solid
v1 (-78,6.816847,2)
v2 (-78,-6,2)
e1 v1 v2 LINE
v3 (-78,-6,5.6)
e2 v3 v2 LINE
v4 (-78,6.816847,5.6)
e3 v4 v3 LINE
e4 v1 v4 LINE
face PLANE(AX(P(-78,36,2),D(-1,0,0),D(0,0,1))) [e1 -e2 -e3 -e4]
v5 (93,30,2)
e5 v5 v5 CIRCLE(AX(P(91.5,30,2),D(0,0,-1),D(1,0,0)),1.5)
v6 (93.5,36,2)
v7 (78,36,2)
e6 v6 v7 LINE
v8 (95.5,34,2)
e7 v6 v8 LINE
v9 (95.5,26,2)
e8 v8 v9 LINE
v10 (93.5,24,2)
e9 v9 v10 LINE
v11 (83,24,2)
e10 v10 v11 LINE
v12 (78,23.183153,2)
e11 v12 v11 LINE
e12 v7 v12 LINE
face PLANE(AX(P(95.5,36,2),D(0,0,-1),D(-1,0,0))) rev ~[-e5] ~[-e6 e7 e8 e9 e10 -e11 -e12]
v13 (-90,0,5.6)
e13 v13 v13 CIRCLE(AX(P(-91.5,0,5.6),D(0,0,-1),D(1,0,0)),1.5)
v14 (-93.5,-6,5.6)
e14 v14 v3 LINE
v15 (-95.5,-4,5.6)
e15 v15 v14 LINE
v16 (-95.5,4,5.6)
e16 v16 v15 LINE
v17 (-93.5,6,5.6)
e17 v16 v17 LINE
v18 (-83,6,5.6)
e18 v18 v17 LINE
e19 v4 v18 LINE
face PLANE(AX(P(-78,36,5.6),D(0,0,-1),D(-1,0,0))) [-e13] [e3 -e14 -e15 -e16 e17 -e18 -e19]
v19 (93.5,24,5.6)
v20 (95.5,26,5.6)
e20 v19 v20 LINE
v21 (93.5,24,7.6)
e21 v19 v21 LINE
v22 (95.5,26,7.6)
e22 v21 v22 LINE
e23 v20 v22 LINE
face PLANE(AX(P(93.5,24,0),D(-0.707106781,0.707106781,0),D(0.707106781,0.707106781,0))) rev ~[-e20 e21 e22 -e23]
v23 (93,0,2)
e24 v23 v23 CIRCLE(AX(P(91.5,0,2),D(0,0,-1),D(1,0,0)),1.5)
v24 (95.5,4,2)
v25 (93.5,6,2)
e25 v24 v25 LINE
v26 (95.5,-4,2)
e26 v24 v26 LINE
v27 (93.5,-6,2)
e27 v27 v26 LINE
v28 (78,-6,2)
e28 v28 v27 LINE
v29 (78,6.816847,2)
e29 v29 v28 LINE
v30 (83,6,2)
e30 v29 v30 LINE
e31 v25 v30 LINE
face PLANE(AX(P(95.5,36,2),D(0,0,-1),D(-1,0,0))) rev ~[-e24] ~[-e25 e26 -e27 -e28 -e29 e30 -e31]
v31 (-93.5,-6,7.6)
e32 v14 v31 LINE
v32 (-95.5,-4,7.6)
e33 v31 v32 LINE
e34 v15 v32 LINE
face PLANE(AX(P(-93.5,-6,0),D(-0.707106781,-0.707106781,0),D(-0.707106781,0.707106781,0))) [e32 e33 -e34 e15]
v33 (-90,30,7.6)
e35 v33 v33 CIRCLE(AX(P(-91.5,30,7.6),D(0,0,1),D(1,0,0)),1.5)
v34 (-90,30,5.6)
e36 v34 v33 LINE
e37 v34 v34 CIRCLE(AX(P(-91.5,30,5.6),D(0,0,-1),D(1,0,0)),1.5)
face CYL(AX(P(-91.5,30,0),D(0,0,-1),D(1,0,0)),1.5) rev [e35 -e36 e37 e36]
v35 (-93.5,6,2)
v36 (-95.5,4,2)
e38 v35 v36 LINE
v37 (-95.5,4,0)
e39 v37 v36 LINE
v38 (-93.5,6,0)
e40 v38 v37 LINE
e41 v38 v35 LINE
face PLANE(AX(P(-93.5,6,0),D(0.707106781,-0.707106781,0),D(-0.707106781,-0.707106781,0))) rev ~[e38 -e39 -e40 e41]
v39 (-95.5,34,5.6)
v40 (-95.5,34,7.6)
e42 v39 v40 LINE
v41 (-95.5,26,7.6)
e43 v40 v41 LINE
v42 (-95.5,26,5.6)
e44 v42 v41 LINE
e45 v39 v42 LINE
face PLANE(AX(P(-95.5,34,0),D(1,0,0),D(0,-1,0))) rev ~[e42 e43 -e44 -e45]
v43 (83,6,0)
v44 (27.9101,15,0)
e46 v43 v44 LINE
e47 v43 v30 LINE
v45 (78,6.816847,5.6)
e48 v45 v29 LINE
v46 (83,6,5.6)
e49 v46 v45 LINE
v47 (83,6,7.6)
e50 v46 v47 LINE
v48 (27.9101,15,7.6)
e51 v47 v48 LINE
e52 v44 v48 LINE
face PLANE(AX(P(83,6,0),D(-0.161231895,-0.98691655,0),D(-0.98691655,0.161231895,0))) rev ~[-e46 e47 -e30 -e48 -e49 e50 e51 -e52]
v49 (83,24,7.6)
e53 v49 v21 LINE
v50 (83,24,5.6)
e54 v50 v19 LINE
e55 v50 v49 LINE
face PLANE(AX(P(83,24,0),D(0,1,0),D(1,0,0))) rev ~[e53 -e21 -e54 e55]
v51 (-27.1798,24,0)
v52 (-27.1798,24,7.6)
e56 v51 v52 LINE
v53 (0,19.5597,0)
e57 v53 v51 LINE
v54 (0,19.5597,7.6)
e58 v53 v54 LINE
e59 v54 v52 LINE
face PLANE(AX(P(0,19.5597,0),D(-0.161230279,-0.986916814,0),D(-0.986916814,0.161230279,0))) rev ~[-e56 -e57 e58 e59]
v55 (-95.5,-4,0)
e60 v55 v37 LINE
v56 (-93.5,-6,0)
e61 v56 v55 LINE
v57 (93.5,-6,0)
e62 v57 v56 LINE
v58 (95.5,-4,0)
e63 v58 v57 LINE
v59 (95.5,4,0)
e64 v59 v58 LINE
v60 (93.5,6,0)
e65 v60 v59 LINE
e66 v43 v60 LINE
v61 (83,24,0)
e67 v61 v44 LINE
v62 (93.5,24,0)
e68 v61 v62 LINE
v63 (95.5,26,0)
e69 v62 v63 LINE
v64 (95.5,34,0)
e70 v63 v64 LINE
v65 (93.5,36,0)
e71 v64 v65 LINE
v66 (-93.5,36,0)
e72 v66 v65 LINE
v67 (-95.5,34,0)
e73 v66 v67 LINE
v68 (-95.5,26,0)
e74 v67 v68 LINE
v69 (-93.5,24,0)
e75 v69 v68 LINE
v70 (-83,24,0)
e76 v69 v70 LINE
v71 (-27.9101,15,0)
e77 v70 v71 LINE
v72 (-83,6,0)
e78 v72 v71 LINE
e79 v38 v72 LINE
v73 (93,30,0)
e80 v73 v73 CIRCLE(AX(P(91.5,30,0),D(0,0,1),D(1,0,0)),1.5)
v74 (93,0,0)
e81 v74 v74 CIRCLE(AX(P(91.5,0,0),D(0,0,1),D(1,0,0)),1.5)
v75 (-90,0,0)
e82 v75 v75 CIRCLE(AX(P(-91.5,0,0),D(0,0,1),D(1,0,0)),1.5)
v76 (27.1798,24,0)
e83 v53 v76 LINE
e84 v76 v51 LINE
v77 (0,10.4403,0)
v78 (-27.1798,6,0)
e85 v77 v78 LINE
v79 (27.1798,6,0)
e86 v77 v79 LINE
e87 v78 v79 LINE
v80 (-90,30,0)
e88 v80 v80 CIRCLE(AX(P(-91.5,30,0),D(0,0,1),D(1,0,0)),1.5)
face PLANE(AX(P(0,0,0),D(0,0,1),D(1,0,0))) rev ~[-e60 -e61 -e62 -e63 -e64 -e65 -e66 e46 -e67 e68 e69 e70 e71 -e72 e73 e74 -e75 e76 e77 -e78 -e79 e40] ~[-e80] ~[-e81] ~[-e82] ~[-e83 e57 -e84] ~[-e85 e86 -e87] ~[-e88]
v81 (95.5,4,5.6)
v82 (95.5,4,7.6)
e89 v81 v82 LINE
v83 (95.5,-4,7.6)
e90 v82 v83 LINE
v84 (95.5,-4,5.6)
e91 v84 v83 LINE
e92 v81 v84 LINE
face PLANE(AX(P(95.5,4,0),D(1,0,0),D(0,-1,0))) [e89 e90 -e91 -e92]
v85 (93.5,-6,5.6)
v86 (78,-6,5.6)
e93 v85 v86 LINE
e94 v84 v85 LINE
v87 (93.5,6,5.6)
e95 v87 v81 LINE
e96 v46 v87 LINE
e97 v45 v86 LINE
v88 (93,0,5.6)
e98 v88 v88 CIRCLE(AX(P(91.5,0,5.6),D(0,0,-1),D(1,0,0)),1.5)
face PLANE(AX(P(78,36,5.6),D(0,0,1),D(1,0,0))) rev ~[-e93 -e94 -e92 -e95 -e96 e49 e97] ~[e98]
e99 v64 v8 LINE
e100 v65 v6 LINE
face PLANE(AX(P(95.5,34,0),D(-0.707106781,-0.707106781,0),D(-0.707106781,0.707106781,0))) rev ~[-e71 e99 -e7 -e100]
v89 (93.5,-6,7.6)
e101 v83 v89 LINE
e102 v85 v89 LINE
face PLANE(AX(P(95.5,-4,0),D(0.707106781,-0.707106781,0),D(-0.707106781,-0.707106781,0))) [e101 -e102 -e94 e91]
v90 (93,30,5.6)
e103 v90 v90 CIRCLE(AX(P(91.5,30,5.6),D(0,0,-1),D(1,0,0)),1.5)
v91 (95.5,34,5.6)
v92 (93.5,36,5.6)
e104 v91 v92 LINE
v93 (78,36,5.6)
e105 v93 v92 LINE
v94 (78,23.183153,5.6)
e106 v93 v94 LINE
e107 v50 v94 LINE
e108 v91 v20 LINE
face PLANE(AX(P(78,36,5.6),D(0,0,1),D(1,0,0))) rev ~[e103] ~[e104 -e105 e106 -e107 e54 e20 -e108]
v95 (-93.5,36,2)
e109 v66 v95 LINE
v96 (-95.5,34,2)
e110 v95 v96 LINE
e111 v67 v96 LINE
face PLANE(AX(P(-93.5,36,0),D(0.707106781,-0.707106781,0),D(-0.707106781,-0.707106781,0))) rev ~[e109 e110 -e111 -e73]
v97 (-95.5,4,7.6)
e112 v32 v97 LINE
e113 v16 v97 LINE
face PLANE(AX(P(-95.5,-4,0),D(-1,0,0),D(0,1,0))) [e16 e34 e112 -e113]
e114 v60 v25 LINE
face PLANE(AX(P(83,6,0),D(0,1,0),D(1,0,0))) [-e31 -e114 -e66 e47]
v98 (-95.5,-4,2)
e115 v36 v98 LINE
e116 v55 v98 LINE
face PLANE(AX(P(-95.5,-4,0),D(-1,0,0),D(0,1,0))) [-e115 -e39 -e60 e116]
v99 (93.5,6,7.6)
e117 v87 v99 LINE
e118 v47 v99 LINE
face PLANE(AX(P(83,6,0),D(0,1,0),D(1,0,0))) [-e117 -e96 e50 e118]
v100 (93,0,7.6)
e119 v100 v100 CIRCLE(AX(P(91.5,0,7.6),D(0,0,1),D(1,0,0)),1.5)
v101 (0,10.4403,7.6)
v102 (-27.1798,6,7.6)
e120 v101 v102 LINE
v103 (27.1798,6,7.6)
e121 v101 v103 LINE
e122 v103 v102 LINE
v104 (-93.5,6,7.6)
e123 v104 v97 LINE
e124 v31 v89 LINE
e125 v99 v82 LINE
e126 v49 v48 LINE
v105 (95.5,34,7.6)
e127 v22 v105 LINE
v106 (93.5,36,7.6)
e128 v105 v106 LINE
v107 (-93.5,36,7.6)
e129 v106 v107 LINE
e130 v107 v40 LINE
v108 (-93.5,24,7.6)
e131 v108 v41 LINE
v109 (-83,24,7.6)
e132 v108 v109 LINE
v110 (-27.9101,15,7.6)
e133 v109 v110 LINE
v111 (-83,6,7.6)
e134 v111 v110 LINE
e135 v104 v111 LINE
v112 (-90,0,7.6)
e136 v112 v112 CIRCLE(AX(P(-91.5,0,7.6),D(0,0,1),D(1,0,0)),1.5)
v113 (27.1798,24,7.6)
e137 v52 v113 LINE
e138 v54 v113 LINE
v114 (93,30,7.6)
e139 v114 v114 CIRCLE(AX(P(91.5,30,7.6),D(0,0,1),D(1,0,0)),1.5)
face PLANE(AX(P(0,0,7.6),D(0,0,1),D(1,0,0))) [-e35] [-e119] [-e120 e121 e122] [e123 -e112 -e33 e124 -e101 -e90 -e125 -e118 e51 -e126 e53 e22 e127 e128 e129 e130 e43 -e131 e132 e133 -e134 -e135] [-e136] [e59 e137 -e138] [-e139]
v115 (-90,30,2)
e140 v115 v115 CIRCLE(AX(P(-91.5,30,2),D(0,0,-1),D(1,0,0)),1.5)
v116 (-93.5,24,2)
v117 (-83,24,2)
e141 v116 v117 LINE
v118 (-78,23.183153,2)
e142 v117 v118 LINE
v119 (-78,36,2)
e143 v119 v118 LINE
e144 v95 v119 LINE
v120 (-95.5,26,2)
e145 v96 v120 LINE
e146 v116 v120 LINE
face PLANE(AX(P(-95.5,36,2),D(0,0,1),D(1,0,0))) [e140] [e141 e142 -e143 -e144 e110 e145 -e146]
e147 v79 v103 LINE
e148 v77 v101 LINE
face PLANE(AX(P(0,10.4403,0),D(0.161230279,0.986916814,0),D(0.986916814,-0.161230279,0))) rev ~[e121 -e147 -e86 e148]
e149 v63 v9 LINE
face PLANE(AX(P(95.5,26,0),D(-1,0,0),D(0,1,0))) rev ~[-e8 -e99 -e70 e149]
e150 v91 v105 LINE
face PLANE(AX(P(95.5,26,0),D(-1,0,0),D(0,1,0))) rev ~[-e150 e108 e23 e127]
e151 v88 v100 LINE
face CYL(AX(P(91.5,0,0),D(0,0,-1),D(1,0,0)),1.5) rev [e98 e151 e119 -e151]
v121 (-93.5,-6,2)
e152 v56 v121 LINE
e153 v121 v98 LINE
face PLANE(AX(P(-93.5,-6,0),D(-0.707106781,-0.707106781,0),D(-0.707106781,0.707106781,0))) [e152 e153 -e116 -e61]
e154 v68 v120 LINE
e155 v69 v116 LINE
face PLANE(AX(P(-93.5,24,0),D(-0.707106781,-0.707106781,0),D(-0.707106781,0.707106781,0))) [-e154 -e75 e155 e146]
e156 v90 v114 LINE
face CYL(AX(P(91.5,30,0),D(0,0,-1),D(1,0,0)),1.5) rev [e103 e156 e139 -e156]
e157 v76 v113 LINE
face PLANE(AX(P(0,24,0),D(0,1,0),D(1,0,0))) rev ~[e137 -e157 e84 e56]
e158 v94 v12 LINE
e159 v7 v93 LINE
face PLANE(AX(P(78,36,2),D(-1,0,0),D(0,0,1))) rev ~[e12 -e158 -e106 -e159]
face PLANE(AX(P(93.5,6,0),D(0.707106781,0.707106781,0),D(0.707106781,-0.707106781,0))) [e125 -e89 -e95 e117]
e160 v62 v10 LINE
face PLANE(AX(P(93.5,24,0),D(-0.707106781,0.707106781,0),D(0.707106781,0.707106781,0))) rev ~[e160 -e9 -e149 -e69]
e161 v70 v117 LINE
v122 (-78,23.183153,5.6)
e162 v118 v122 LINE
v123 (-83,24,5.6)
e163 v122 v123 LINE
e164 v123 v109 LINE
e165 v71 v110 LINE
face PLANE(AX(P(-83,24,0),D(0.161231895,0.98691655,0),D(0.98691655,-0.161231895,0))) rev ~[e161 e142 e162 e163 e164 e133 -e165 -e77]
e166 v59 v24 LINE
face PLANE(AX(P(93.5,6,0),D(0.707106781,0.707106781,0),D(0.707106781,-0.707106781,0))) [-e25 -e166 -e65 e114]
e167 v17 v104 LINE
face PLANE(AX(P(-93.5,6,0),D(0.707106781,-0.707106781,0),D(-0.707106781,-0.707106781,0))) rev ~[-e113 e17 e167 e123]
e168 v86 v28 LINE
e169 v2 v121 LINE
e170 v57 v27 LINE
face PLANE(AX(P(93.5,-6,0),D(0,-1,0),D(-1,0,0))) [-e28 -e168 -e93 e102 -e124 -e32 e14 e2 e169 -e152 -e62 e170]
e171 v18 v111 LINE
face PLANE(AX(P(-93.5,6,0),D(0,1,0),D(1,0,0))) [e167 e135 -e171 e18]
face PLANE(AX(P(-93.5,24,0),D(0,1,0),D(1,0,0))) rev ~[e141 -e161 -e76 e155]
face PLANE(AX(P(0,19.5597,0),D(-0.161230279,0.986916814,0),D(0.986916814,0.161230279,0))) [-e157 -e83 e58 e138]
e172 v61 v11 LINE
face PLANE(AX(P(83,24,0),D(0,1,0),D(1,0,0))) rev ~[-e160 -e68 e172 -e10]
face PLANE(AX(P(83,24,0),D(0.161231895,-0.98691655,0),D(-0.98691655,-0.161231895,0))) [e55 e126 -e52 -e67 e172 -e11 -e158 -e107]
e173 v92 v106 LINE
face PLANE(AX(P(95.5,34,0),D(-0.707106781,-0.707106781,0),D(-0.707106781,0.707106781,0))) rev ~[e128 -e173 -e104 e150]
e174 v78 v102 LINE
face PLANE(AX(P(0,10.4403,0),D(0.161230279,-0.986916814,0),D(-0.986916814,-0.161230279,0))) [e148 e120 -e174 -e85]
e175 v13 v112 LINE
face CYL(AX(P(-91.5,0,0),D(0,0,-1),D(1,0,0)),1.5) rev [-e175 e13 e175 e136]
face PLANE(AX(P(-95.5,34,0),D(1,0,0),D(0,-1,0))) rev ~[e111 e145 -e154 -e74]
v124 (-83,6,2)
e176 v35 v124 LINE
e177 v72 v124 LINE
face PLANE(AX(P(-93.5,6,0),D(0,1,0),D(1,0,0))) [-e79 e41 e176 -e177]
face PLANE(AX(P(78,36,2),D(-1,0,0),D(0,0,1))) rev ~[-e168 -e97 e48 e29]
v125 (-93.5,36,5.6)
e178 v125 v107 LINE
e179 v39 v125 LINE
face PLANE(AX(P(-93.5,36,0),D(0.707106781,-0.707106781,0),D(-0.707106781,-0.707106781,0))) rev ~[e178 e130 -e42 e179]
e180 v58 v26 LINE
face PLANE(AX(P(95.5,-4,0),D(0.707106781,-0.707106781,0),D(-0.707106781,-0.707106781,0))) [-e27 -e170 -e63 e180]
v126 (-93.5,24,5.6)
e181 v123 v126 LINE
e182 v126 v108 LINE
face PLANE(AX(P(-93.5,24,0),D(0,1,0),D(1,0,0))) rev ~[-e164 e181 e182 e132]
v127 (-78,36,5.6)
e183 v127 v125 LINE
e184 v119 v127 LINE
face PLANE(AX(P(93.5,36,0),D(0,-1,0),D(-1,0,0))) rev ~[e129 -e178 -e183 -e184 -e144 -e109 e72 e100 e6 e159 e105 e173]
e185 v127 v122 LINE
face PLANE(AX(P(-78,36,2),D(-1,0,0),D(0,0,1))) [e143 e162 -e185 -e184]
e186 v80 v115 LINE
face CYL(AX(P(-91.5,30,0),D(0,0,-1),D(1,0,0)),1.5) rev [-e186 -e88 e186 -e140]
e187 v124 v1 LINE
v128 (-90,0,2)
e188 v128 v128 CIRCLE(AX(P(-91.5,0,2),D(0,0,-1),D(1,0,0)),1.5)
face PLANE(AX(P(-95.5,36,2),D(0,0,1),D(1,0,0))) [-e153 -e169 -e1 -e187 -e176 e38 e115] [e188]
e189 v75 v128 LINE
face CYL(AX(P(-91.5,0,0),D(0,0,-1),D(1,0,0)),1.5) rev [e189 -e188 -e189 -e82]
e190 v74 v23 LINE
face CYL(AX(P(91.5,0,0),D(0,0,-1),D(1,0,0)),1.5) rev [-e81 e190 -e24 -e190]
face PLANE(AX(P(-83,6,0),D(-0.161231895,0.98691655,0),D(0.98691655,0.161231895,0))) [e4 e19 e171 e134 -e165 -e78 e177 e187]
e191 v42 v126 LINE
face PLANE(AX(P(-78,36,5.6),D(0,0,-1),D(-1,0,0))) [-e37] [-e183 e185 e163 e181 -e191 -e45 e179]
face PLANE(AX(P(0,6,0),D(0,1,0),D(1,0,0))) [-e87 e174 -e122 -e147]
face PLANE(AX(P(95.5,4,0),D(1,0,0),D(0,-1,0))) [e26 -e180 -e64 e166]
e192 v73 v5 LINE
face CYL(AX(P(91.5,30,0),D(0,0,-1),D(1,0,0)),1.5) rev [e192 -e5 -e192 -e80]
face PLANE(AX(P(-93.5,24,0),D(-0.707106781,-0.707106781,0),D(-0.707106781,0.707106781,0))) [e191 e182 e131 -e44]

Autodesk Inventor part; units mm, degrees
ref_plane "YZ Plane" through (0, 0, 0) normal (1, 0, 0) x (0, 1, 0)
ref_plane "XZ Plane" through (0, 0, 0) normal (0, 1, 0) x (-1, 0, 0)
ref_plane "XY Plane" through (0, 0, 0) normal (0, 0, 1) x (1, 0, 0)
sketch "Sketch1" plane through (0, 0, 0) normal (0, 0, 1) x (1, 0, 0)
  circle A0 centre (-91.5, 0) radius 1.5
  circle A1 centre (91.5, 0) radius 1.5
  line L0 (0, -71.4835) -> (0, 99.0835) construction
  line L1 (95.5, 4) -> (95.5, -4)
  line L2 (93.5, -6) -> (-93.5, -6)
  line L3 (-95.5, -4) -> (-95.5, 4)
  line L4 (-207.6267, 0) -> (207.6267, 0) construction
  line L5 (-93.5, 6) -> (-95.5, 4)
  line L6 (-93.5, -6) -> (-95.5, -4)
  line L7 (95.5, -4) -> (93.5, -6)
  line L8 (93.5, 6) -> (95.5, 4)
  line L9 (-148.3048, 15) -> (148.3048, 15) construction
  circle A2 centre (-91.5, 30) radius 1.5
  circle A3 centre (91.5, 30) radius 1.5
  line L10 (0, 101.4835) -> (0, -69.0835)
  line L11 (95.5, 26) -> (95.5, 34)
  line L12 (93.5, 36) -> (-93.5, 36)
  line L13 (-95.5, 34) -> (-95.5, 26)
  line L14 (-93.5, 24) -> (-95.5, 26)
  line L15 (-93.5, 36) -> (-95.5, 34)
  line L16 (95.5, 34) -> (93.5, 36)
  line L17 (93.5, 24) -> (95.5, 26)
  line L18 (87.5822, -3.9178) -> (95.4178, 3.9178) construction
  line L19 (-83, 6) -> (-27.9101, 15)
  line L20 (0, 19.5597) -> (27.1798, 24)
  line L21 (83, 24) -> (27.9101, 15)
  line L22 (0, 10.4403) -> (-27.1798, 6)
  line L23 (83, 6) -> (27.9101, 15)
  line L24 (0, 19.5597) -> (-27.1798, 24)
  line L25 (-83, 24) -> (-27.9101, 15)
  line L26 (0, 10.4403) -> (27.1798, 6)
  line L27 (-93.5, 24) -> (-83, 24)
  line L28 (-93.5, 6) -> (-83, 6)
  line L29 (-27.1798, 6) -> (27.1798, 6)
  line L30 (83, 6) -> (93.5, 6)
  line L31 (-27.1798, 24) -> (27.1798, 24)
  line L32 (83, 24) -> (93.5, 24)
  point P0 (0, 0)
  point P1 (-95.5, 6)
  point P2 (95.5, -6)
  point P3 (95.5, 6)
  point P4 (-95.5, -6)
  point P5 (0, 30)
  point P6 (-95.5, 24)
  point P7 (95.5, 36)
  point P8 (95.5, 24)
  point P9 (-95.5, 36)
  dimension "d0" = 3
  dimension "d1" = 3
  dimension "d2" = 183
  dimension "d4" = 4
  dimension "d10" = 2
  dimension "d11" = 2
  dimension "d12" = 2
  dimension "d13" = 2
  dimension "d14" = 2
  dimension "d15" = 2
  dimension "d16" = 2
  dimension "d17" = 2
  dimension "d18" = 30
  dimension "d20" = 12
  dimension "d21" = 12
  dimension "d22" = 12
  dimension "d23" = 10.5
  dimension "d24" = 10.5
  dimension "d25" = 9
  dimension "d26" = 9
  dimension "d27" = 9
  dimension "d28" = 9
  dimension "d29" = 12
extrude "Extrusion2" add sketch "Sketch1" along normal blind 7.6 contours L1 L7 L2 L10 L29 L26 L20 L31 L12 L16 L11 L17 L32 L21 L23 L30 L8 | L2 L6 L3 L5 L28 L19 L25 L27 L14 L13 L15 L12 L10 L31 L24 L22 L29
sketch "Sketch2" plane through (-93.5, 36, 0) normal (0, 1, 0) x (1, 0, 0)
  line L0 (187, 0) -> (0, 0) construction
  line L1 (0, 0) -> (0, -7.6) construction
  line L2 (187, -7.6) -> (0, -7.6) construction
  line L3 (187, 0) -> (187, -7.6) construction
  line L4 (0, 0) -> (0, -7.6) construction
  line L5 (0, -3.8) -> (187, -3.8) construction
  line L6 (-2, -2) -> (15.5, -2)
  line L7 (15.5, -2) -> (15.5, -5.6)
  line L8 (15.5, -5.6) -> (-2, -5.6)
  line L9 (-2, -5.6) -> (-2, -2)
  line L10 (-2, 0) -> (-2, -7.6) construction
  line L11 (93.5, 0) -> (93.5, -7.6) construction
  line L12 (0, -7.6) -> (187, -7.6) construction
  line L13 (187, 0) -> (187, -7.6) construction
  line L14 (187, 0) -> (187, -7.6) construction
  line L15 (187, -3.8) -> (0, -3.8) construction
  line L16 (189, -2) -> (171.5, -2)
  line L17 (171.5, -2) -> (171.5, -5.6)
  line L18 (171.5, -5.6) -> (189, -5.6)
  line L19 (189, -5.6) -> (189, -2)
  line L20 (189, 0) -> (189, -7.6) construction
  dimension "d32" = 3.6
  dimension "d33" = 17.5
extrude "Extrusion3" cut sketch "Sketch2" against normal through all
equation "\"d11\" = d10"
equation "\"d13\" = d12"
equation "\"d14\" = d12"
equation "\"d15\" = d14"
equation "\"d16\" = d12"
equation "\"d17\" = d16"
properties part number "stabilizer"
